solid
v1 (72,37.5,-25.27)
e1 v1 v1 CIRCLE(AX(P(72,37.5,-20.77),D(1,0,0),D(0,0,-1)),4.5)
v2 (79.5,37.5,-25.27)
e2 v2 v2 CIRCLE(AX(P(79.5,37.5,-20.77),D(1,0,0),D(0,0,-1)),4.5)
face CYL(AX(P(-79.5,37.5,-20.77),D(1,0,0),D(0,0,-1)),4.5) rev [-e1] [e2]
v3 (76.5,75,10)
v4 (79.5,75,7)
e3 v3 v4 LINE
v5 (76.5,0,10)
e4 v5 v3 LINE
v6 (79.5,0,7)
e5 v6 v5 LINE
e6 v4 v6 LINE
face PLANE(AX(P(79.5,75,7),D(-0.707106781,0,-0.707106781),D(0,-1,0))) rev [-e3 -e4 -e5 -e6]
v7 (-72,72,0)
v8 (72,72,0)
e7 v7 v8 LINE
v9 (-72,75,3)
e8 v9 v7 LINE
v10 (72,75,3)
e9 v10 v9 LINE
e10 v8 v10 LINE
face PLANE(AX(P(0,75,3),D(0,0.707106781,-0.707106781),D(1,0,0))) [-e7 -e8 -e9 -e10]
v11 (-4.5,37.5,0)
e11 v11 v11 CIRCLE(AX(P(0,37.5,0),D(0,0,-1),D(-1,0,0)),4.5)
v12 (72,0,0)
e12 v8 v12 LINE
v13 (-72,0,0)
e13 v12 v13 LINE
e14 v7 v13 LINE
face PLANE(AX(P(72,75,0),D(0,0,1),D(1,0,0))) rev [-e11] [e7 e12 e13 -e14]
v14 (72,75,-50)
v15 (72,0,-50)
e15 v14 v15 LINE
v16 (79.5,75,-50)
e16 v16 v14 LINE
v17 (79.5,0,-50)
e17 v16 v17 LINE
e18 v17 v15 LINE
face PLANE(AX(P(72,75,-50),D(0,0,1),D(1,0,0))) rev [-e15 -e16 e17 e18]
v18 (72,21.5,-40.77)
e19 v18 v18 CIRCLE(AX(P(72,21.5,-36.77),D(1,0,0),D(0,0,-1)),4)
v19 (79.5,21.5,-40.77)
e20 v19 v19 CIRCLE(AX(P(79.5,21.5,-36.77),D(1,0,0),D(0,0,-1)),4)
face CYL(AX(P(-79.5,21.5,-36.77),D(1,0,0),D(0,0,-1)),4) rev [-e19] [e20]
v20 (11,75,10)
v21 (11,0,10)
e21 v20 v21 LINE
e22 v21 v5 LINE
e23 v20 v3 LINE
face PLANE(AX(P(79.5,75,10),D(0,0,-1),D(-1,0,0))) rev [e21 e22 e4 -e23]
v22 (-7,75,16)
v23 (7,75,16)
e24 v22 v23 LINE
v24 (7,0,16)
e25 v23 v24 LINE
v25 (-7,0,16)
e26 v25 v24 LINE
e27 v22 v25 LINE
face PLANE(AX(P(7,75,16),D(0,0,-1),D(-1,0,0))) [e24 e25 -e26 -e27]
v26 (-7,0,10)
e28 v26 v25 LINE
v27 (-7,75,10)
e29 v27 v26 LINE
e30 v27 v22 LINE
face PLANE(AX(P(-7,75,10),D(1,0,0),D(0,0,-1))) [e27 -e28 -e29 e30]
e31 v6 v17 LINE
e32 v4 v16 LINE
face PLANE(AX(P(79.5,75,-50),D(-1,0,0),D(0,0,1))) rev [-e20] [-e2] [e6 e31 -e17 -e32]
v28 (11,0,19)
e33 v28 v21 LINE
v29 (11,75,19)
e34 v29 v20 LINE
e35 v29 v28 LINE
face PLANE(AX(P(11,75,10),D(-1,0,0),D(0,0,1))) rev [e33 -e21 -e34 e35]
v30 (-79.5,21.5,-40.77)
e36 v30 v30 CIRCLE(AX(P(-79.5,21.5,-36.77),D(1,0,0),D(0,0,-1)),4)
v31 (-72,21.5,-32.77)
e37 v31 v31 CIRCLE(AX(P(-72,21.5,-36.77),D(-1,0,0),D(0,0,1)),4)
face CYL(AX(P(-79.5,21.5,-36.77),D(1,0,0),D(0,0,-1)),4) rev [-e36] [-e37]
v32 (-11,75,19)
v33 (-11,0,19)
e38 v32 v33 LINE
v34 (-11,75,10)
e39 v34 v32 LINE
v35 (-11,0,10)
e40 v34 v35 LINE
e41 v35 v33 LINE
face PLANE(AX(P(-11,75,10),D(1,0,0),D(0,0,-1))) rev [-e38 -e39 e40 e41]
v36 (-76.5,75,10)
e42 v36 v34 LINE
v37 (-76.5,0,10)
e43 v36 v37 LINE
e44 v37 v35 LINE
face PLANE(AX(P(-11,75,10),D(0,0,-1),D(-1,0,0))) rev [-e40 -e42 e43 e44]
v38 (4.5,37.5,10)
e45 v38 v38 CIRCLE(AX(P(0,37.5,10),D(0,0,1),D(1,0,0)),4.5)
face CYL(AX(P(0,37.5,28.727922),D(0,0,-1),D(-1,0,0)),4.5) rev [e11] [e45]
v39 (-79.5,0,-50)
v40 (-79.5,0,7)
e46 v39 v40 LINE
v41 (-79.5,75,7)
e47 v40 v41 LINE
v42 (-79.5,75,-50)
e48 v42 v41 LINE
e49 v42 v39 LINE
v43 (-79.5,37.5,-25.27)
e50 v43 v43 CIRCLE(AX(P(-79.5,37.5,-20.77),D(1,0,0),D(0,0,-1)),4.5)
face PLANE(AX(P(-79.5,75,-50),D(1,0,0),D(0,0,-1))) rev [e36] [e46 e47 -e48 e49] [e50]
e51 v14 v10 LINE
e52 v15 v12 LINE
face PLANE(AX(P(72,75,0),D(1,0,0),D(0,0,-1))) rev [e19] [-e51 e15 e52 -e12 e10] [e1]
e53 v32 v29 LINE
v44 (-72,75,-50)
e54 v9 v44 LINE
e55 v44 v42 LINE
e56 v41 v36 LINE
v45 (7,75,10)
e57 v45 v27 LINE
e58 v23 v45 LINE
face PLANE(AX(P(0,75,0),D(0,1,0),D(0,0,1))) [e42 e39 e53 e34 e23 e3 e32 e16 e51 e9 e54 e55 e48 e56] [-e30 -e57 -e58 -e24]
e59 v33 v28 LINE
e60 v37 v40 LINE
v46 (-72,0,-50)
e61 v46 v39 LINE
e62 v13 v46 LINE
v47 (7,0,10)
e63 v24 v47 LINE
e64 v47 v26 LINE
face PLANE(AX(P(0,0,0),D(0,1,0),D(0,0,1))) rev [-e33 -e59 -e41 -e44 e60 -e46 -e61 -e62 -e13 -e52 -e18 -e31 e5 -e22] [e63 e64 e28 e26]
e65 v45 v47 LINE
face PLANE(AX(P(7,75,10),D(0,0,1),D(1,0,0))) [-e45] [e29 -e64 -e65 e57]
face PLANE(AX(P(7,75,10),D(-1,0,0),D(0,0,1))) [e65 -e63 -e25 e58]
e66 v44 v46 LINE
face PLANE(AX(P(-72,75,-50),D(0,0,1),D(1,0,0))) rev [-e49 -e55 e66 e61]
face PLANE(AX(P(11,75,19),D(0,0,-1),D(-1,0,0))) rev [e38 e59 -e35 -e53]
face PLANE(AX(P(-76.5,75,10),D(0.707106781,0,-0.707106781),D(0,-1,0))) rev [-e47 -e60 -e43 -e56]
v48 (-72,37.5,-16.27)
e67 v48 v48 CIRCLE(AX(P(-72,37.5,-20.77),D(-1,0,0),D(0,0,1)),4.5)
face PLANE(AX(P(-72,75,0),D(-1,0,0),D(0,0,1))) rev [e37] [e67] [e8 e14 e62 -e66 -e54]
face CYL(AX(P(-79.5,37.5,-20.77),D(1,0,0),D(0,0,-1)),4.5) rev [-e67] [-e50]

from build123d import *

# Parameters (mm, degrees)
SKETCH1_W               = 14
SKETCH1_H               = 6
BOSS_EXTRUDE1_DEPTH     = 75
SKETCH2_R               = 4.5
CUT_EXTRUDE1_DEPTH      = 16
CUT_EXTRUDE2_DEPTH      = 177.287407378
CUT_EXTRUDE2_DEPTH_BACK = 177.287407378
SKETCH3_R               = 4.5
CHAMFER1_SIZE           = 3
SKETCH4_R               = 4
CUT_EXTRUDE3_DEPTH      = 183.773083357


with BuildPart() as part:
    # Sketch1 → Boss-Extrude1 (new body)
    with BuildSketch(Plane(origin=(0, 0, 0), x_dir=(1, 0, 0), z_dir=(0, 1, 0))):
        Polygon((72, 0), (-72, 0), (-72, 50), (-79.5, 50), (-79.5, -10), (-11, -10), (-11, -19), (11, -19), (11, -10), (79.5, -10), (79.5, 50), (72, 50), align=None)
        with Locations((0, -13)):
            Rectangle(SKETCH1_W, SKETCH1_H, mode=Mode.SUBTRACT)
    extrude(amount=BOSS_EXTRUDE1_DEPTH)

    # Sketch2 → Cut-Extrude1 (cut)
    with BuildSketch(Plane(origin=(0, 0, 0), x_dir=(-1, 0, 0), z_dir=(0, 0, -1))):
        with Locations((0, 37.5)):
            Circle(SKETCH2_R)
    extrude(amount=-CUT_EXTRUDE1_DEPTH, mode=Mode.SUBTRACT)

    # Sketch3 → Cut-Extrude2 (cut, two sides: drawn at the far end of the back side and taken through both)
    with BuildSketch(Plane(origin=(-72, 0, 0), x_dir=(0, 0, -1), z_dir=(1, 0, 0)).offset(-CUT_EXTRUDE2_DEPTH_BACK)):
        with Locations((20.77, 37.5)):
            Circle(SKETCH3_R)
    extrude(amount=CUT_EXTRUDE2_DEPTH + CUT_EXTRUDE2_DEPTH_BACK, mode=Mode.SUBTRACT)

    # Chamfer1
    chamfer1_edges = [part.edges().sort_by_distance(p)[0] for p in [
        (79.5, 37.5, 10),
        (-79.5, 37.5, 10),
        (0, 75, 0),
    ]]
    chamfer(chamfer1_edges, length=CHAMFER1_SIZE)

    # Sketch4 → Cut-Extrude3 (cut, through all)
    with BuildSketch(Plane(origin=(79.5, 0, 0), x_dir=(0, 0, -1), z_dir=(1, 0, 0))):
        with Locations((36.77, 21.5)):
            Circle(SKETCH4_R)
    extrude(amount=-CUT_EXTRUDE3_DEPTH, mode=Mode.SUBTRACT)


solid = part.part
